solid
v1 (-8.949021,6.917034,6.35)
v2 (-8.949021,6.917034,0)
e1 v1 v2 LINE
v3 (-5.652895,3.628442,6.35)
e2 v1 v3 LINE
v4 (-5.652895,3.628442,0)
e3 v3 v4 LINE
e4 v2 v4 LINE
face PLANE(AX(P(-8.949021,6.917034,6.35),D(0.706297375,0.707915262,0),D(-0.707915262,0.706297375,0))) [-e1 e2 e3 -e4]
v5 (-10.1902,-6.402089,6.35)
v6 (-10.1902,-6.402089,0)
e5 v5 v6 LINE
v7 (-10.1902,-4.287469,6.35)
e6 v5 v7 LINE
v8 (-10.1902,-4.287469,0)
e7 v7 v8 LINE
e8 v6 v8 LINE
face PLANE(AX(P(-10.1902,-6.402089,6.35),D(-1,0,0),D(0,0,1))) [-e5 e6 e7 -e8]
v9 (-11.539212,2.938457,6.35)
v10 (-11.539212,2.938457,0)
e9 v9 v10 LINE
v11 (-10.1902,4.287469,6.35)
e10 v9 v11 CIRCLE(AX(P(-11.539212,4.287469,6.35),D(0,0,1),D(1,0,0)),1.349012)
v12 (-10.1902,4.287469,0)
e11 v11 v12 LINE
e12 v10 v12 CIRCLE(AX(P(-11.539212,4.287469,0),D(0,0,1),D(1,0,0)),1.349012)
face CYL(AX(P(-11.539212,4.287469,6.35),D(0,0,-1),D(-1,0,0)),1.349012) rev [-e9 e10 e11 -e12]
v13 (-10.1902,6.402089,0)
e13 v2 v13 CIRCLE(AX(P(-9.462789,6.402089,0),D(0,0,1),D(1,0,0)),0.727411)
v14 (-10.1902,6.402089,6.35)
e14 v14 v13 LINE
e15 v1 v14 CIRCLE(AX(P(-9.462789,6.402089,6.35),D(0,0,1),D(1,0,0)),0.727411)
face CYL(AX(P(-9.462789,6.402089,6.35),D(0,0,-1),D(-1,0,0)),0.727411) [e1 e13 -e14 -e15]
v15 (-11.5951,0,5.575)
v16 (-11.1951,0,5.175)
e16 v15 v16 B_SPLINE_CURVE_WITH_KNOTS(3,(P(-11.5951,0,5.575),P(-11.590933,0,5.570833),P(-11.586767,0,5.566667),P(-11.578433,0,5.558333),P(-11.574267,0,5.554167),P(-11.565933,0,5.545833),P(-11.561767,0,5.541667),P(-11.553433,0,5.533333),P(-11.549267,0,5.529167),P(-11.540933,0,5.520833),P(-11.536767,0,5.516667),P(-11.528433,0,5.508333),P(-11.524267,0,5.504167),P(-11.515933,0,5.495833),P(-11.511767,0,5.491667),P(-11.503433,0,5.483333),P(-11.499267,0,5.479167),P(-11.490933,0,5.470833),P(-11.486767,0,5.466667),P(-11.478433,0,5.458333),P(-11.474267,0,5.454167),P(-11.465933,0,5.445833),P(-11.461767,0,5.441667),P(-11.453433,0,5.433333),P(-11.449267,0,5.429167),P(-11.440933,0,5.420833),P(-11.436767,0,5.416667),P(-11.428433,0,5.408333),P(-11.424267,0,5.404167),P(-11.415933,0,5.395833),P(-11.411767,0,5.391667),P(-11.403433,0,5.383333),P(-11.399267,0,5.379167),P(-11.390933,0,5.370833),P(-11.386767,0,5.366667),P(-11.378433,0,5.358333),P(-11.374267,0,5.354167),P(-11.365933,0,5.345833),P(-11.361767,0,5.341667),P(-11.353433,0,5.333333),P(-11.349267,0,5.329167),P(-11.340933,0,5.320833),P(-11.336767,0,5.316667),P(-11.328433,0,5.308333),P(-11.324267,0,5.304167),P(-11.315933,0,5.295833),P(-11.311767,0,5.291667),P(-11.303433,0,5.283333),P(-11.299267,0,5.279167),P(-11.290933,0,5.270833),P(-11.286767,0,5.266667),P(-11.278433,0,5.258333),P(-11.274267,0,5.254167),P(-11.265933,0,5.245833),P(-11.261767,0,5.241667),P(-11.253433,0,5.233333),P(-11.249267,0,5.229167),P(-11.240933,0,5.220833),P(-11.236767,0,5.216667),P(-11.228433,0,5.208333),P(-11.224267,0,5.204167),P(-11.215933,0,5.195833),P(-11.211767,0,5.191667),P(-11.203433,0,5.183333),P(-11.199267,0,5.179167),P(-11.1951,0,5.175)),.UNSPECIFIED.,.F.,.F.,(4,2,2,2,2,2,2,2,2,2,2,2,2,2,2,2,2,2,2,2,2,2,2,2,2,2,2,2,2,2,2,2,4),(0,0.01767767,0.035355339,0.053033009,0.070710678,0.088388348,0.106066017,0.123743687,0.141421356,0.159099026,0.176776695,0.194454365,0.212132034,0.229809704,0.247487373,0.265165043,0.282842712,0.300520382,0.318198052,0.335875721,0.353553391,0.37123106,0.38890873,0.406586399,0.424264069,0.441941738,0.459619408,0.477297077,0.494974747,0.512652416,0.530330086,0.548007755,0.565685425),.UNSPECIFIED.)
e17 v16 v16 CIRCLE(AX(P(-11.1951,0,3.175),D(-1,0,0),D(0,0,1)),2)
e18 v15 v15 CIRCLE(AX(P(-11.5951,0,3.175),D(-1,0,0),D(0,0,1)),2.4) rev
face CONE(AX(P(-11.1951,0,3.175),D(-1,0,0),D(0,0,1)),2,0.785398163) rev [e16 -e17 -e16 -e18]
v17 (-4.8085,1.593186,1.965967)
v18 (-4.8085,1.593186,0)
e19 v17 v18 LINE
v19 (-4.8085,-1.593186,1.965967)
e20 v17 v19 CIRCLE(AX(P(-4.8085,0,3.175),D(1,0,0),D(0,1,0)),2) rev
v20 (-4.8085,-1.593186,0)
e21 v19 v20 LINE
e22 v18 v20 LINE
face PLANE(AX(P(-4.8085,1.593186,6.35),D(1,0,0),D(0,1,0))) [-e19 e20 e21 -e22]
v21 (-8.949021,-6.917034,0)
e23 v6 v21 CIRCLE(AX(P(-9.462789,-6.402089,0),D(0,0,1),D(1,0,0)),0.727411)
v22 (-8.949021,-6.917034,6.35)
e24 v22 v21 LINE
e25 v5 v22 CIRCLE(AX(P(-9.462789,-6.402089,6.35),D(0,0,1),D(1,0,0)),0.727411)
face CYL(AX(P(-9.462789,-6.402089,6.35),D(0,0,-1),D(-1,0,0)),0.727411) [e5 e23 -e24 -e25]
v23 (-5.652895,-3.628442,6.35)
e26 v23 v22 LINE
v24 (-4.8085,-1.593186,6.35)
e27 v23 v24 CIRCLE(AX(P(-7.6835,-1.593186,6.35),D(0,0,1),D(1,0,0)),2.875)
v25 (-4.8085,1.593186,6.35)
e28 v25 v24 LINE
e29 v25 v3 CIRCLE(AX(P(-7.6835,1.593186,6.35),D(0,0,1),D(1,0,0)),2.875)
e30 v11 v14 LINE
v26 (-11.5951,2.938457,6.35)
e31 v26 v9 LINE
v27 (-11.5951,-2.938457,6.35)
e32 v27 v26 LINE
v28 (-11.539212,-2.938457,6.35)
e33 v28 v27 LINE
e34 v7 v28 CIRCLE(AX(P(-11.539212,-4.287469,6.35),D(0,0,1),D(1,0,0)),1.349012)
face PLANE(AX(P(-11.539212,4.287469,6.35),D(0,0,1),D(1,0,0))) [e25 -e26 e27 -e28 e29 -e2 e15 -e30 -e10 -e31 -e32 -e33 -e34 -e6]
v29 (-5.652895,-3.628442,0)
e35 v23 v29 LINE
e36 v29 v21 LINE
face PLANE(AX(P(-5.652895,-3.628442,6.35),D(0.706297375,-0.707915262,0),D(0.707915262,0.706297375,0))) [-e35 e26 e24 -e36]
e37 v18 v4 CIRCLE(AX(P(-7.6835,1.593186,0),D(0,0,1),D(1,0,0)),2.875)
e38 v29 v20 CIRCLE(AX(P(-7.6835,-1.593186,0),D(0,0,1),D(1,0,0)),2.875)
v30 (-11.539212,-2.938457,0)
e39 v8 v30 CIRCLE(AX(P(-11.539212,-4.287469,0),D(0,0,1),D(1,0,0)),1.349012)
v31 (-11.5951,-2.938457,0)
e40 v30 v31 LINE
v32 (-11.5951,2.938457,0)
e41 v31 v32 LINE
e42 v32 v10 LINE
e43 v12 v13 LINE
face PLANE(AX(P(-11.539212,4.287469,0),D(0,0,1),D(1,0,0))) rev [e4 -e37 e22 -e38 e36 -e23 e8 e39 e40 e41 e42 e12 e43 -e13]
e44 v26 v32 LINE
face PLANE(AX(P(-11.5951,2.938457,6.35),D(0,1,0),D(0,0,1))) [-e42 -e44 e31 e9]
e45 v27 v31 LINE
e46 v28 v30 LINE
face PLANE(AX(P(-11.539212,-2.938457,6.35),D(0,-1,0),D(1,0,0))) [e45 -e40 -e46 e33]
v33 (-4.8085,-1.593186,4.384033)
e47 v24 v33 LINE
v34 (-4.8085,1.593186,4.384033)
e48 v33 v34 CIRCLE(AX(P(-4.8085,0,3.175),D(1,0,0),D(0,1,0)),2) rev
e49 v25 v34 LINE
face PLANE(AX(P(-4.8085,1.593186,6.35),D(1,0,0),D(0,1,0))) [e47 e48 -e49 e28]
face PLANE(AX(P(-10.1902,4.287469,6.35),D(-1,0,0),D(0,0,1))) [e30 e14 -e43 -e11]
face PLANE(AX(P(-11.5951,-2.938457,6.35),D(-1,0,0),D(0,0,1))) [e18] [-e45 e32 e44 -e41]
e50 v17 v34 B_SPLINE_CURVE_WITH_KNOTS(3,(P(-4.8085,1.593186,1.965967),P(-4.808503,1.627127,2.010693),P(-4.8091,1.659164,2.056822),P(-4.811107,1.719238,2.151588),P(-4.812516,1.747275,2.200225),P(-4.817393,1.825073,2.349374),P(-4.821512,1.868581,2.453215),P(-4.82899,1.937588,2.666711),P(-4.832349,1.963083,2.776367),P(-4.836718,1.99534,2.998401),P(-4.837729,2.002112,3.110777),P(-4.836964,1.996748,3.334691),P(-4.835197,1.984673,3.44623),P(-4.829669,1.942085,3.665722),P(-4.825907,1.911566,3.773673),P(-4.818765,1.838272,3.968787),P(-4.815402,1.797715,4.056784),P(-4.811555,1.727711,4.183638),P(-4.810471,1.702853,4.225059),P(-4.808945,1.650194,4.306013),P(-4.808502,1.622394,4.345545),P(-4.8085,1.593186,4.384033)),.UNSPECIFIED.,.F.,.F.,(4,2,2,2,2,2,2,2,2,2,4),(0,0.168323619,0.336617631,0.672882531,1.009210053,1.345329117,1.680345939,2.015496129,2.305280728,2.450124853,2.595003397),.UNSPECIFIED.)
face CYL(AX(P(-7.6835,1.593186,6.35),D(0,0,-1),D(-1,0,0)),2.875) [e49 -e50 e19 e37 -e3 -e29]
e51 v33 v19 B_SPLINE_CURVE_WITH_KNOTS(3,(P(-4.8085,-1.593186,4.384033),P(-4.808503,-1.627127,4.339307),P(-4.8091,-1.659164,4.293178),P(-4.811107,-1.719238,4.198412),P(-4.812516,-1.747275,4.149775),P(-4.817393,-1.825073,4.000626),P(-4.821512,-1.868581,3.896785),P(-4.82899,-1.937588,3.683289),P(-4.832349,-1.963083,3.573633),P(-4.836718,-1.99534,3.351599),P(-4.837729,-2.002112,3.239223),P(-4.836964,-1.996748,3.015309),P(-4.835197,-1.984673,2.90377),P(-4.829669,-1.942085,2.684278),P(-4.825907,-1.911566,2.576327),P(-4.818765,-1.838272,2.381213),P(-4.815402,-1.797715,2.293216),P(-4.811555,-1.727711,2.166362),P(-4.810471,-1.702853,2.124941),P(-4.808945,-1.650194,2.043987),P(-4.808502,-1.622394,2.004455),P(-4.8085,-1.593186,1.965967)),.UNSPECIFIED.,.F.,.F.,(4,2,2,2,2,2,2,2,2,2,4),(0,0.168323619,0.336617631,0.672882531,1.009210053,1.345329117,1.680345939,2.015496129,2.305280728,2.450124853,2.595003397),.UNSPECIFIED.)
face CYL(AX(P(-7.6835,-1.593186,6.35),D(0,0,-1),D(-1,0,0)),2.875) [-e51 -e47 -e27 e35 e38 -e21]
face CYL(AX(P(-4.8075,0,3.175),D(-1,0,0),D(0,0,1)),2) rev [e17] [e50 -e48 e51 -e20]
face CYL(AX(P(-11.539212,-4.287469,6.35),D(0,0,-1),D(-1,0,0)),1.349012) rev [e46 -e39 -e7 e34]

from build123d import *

# Parameters (mm, degrees)
BOSS_EXTRUDE1_DEPTH = 6.35
CUT_EXTRUDE1_REACH  = 13.714
SKETCH2_R           = 2
FILLET1_SIZE        = 0.4


with BuildPart() as part:
    # Sketch1 → Boss-Extrude1 (new body)
    with BuildSketch(Plane.XY):
        with BuildLine():
            Line((-11.5951, -2.938456882), (-11.5951, 2.938456882))
            Line((-11.5951, 2.938456882), (-11.539212407, 2.938456882))
            ThreePointArc((-11.539212407, 2.938456882), (-10.585316586, 3.333573468), (-10.1902, 4.287469289))
            Line((-10.1902, 4.287469289), (-10.1902, 6.402089023))
            ThreePointArc((-10.1902, 6.402089023), (-9.74154152, 7.073969797), (-8.94902056, 6.917034355))
            Line((-8.94902056, 6.917034355), (-5.652895046, 3.628441884))
            ThreePointArc((-5.652895046, 3.628441884), (-5.027976112, 2.694919539), (-4.8085, 1.593185507))
            Line((-4.8085, 1.593185507), (-4.8085, -1.593185507))
            ThreePointArc((-4.8085, -1.593185507), (-5.027976112, -2.694919539), (-5.652895046, -3.628441884))
            Line((-5.652895046, -3.628441884), (-8.94902056, -6.917034355))
            ThreePointArc((-8.94902056, -6.917034355), (-9.74154152, -7.073969797), (-10.1902, -6.402089023))
            Line((-10.1902, -6.402089023), (-10.1902, -4.287469289))
            ThreePointArc((-10.1902, -4.287469289), (-10.585316586, -3.333573468), (-11.539212407, -2.938456882))
            Line((-11.539212407, -2.938456882), (-11.5951, -2.938456882))
        make_face()
    extrude(amount=BOSS_EXTRUDE1_DEPTH)

    # Sketch2 → Cut-Extrude1 (cut, up to next)
    with BuildSketch(Plane.ZY.offset(11.5951), mode=Mode.PRIVATE) as cut_extrude1_sk1:
        with Locations((3.175, 0)):
            Circle(SKETCH2_R)
    cut_extrude1_tool1 = extrude(cut_extrude1_sk1.sketch, amount=-CUT_EXTRUDE1_REACH, mode=Mode.PRIVATE) & part.part
    add(cut_extrude1_tool1.solids().sort_by_distance((-11.5951, 0, 3.175))[0], mode=Mode.SUBTRACT)

    # Fillet1
    fillet1_edges = [part.edges().sort_by_distance(p)[0] for p in [
        (-11.5951, 0, 1.175),
    ]]
    chamfer(fillet1_edges, length=FILLET1_SIZE)


solid = part.part
